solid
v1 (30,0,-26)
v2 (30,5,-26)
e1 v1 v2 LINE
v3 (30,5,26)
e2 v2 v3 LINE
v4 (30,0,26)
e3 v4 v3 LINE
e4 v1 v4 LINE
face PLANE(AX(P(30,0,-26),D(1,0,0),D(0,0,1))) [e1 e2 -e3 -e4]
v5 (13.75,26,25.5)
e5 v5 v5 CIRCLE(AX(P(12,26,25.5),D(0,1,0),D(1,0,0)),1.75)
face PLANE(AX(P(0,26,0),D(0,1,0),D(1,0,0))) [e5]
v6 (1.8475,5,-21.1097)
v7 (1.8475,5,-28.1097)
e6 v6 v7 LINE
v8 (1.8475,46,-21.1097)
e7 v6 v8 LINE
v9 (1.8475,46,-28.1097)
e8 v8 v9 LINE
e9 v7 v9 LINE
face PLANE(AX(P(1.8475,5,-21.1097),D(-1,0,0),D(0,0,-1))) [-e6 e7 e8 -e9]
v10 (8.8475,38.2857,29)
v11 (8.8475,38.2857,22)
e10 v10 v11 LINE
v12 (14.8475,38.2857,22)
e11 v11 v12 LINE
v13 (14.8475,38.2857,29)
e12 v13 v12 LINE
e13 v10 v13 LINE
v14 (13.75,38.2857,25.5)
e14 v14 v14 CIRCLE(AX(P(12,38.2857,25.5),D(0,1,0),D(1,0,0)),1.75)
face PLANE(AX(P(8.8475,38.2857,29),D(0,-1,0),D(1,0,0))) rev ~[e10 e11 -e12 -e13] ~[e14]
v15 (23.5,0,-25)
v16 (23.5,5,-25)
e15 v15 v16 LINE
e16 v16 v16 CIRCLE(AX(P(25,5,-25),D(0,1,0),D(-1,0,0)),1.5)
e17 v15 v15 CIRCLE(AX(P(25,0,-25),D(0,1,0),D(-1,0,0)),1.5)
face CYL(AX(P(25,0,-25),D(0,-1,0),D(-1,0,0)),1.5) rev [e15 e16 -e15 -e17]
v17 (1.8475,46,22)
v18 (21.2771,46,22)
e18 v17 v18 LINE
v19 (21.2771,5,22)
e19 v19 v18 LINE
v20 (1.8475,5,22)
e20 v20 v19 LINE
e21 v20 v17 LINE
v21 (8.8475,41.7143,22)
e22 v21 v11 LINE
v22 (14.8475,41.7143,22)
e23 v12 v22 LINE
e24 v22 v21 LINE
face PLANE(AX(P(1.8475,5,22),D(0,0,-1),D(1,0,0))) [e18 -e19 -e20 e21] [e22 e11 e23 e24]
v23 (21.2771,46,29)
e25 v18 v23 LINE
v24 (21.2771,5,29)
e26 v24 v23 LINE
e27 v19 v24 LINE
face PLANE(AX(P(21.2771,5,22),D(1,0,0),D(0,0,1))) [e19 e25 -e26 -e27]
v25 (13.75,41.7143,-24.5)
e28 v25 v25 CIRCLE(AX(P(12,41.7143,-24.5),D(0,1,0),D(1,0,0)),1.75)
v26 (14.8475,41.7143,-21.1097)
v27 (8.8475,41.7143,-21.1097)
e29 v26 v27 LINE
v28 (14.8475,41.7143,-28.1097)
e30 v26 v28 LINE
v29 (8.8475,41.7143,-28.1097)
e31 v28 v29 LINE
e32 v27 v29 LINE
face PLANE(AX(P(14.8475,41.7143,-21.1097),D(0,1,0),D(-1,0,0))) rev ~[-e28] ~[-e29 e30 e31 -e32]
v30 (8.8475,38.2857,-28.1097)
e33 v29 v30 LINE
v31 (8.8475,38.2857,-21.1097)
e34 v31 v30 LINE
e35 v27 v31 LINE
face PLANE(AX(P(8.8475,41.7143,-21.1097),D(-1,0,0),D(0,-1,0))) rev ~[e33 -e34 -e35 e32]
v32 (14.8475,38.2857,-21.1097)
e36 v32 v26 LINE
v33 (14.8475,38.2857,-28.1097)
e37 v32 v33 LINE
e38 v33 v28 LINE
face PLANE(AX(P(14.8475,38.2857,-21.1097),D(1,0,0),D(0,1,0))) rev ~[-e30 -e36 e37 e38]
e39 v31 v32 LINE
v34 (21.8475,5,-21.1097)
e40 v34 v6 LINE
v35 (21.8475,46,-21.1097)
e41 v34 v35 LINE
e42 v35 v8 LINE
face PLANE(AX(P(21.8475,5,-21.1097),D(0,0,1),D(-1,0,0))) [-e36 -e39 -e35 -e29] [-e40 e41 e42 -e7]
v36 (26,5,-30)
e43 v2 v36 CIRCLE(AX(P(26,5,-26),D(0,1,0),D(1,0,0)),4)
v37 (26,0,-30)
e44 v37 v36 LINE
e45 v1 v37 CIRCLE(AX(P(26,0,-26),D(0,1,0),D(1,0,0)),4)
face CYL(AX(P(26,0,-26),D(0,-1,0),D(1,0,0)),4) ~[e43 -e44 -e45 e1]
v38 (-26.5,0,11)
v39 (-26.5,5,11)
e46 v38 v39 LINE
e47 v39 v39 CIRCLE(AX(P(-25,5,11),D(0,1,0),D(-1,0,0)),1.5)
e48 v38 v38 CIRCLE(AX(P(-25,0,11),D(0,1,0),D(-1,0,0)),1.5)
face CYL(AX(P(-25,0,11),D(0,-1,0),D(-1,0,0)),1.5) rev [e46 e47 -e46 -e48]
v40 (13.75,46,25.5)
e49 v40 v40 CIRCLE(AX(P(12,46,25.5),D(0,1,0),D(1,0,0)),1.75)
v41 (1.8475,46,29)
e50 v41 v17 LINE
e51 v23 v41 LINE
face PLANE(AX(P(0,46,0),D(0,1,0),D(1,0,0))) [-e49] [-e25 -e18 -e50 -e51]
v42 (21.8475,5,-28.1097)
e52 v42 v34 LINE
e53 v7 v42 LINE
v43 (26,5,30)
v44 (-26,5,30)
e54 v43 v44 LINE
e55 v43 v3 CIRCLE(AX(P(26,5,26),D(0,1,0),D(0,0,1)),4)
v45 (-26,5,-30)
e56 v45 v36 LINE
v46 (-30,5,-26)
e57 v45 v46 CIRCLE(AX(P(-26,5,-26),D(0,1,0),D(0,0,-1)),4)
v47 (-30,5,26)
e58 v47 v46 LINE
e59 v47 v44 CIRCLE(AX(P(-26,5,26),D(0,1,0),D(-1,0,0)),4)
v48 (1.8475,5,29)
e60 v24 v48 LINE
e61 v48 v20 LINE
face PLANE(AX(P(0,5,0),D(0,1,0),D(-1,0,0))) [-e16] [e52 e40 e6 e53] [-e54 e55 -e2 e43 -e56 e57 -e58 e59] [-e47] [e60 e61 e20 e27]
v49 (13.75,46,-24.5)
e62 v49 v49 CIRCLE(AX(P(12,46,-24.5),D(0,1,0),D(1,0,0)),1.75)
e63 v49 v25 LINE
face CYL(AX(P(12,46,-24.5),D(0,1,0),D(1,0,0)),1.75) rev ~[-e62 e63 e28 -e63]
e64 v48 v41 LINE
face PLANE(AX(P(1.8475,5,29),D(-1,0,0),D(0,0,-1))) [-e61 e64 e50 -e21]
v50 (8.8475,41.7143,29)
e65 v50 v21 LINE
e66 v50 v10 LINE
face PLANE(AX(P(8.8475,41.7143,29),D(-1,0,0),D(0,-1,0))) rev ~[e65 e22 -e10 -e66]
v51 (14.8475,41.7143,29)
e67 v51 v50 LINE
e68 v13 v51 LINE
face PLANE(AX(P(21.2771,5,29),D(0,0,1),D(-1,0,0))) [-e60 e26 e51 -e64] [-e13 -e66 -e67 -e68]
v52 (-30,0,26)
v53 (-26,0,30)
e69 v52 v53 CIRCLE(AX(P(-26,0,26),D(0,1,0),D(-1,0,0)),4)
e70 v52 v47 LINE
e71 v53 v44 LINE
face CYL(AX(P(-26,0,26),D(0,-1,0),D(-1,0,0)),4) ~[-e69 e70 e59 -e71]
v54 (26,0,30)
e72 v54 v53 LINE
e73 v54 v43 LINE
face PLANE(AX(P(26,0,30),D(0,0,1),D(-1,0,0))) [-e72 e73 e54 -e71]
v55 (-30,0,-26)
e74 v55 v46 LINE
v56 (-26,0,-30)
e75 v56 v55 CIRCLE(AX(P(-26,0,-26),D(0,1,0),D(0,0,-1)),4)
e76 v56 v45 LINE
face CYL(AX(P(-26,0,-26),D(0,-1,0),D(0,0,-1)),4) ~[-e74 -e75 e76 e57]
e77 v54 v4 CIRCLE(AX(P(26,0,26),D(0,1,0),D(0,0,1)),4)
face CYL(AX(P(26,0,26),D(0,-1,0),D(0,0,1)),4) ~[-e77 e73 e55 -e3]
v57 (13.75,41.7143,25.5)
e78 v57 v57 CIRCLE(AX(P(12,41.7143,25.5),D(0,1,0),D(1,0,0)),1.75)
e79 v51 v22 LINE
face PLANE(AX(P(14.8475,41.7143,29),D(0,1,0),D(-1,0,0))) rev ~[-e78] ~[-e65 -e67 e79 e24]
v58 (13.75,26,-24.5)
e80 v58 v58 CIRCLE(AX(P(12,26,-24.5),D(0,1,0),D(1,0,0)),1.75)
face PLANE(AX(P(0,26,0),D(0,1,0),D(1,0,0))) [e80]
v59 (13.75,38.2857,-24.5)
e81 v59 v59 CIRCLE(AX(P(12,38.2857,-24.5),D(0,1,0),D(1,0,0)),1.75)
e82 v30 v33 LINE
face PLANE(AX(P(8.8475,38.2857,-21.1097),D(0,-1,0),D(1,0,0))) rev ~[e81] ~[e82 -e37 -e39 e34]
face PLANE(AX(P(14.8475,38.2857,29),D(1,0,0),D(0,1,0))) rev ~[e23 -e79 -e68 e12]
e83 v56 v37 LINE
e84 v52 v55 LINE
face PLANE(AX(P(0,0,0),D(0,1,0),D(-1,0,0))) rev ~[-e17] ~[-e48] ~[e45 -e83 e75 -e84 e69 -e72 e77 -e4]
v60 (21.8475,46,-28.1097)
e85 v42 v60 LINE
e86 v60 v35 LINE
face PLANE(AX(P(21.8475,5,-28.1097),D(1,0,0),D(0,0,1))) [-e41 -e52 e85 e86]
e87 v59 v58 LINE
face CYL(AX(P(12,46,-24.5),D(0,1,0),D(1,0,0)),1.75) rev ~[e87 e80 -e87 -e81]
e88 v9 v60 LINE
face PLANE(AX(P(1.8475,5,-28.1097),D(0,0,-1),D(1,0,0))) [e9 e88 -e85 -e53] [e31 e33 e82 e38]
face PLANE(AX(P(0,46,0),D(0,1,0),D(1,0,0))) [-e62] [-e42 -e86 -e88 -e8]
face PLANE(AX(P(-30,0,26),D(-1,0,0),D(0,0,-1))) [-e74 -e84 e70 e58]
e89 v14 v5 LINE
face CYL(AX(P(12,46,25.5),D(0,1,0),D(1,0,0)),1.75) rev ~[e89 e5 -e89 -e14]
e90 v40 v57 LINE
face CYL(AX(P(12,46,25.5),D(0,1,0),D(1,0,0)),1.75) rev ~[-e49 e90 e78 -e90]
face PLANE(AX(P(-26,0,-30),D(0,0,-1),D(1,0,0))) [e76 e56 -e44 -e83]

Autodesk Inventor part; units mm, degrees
ref_plane "YZ Plane" through (0, 0, 0) normal (1, 0, 0) x (0, 1, 0)
ref_plane "XZ Plane" through (0, 0, 0) normal (0, 1, 0) x (-1, 0, 0)
ref_plane "XY Plane" through (0, 0, 0) normal (0, 0, 1) x (1, 0, 0)
sketch "Szkic1" plane through (0, 0, 0) normal (0, 1, 0) x (-1, 0, 0)
  line L0 (-26, 30) -> (26, 30)
  line L1 (30, 26) -> (30, -26)
  line L2 (26, -30) -> (-26, -30)
  line L3 (-30, -26) -> (-30, 26)
  line L4 (-30, 30) -> (30, -30) construction
  line L5 (30, 30) -> (-30, -30) construction
  circle A0 centre (-25, -25) radius 1.5
  circle A1 centre (25, 11) radius 1.5
  arc A2 (-30, -26) -> (-26, -30) centre (-26, -26) ccw
  arc A3 (-26, 30) -> (-30, 26) centre (-26, 26) ccw
  arc A4 (30, 26) -> (26, 30) centre (26, 26) ccw
  arc A5 (26, -30) -> (30, -26) centre (26, -26) ccw
  point P0 (0, 0)
  dimension "d0" = 60
  dimension "d1" = 60
  dimension "d2" = 3
  dimension "d3" = 3
  dimension "d5" = 4
  dimension "d6" = 4
  dimension "d7" = 4
  dimension "d8" = 4
extrude "Wyciągnięcie proste1" add sketch "Szkic1" along normal blind 5
sketch "Szkic2" plane through (0, 5, 0) normal (0, 1, 0) x (1, 0, 0)
  line L0 (21.8475, 21.1097) -> (1.8475, 21.1097)
  line L1 (1.8475, 21.1097) -> (1.8475, 28.1097)
  line L2 (1.8475, 28.1097) -> (21.8475, 28.1097)
  line L3 (21.8475, 28.1097) -> (21.8475, 21.1097)
  line L4 (1.8475, -22) -> (21.2771, -22)
  line L5 (21.2771, -22) -> (21.2771, -29)
  line L6 (21.2771, -29) -> (1.8475, -29)
  line L7 (1.8475, -29) -> (1.8475, -22)
  point P0 (0, 0)
  dimension "d11" = 20
  dimension "d12" = 7
  dimension "d13" = 7
extrude "Wyciągnięcie proste2" add sketch "Szkic2" along normal blind 41
sketch "Szkic3" plane through (1.8475, 5, 29) normal (0, 0, 1) x (1, 0, 0)
  line L0 (7, 33.2857) -> (13, 33.2857)
  line L1 (13, 33.2857) -> (13, 36.7143)
  line L2 (13, 36.7143) -> (7, 36.7143)
  line L3 (7, 36.7143) -> (7, 33.2857)
  line L4 (7, 33.2857) -> (13, 36.7143) construction
  line L5 (13, 33.2857) -> (7, 36.7143) construction
  point P0 (-1.8475, -5)
  point P1 (10, 35)
  dimension "d16" = 6
  dimension "d17" = 3.4286
sketch "Szkic4" plane through (1.8475, 5, -21.1097) normal (0, 0, 1) x (1, 0, 0)
  line L0 (7, 33.2857) -> (13, 33.2857)
  line L1 (13, 33.2857) -> (13, 36.7143)
  line L2 (13, 36.7143) -> (7, 36.7143)
  line L3 (7, 36.7143) -> (7, 33.2857)
  line L4 (7, 33.2857) -> (13, 36.7143) construction
  line L5 (13, 33.2857) -> (7, 36.7143) construction
  point P0 (-1.8475, -5)
  point P1 (10, 35)
  dimension "d18" = 6
  dimension "d19" = 3.4286
extrude "Wyciągnięcie proste3" cut sketch "Szkic4" against normal blind 7
extrude "Wyciągnięcie proste4" cut sketch "Szkic3" against normal blind 7
sketch "Szkic5" plane through (0, 46, 0) normal (0, 1, 0) x (1, 0, 0)
  circle A0 centre (12, 24.5) radius 1.75
  circle A1 centre (12, -25.5) radius 1.75
  point P0 (0, 0)
  dimension "d24" = 3.5
  dimension "d25" = 3.5
extrude "Wyciągnięcie proste5" cut sketch "Szkic5" against normal blind 20
properties part number "MotorHolder"
